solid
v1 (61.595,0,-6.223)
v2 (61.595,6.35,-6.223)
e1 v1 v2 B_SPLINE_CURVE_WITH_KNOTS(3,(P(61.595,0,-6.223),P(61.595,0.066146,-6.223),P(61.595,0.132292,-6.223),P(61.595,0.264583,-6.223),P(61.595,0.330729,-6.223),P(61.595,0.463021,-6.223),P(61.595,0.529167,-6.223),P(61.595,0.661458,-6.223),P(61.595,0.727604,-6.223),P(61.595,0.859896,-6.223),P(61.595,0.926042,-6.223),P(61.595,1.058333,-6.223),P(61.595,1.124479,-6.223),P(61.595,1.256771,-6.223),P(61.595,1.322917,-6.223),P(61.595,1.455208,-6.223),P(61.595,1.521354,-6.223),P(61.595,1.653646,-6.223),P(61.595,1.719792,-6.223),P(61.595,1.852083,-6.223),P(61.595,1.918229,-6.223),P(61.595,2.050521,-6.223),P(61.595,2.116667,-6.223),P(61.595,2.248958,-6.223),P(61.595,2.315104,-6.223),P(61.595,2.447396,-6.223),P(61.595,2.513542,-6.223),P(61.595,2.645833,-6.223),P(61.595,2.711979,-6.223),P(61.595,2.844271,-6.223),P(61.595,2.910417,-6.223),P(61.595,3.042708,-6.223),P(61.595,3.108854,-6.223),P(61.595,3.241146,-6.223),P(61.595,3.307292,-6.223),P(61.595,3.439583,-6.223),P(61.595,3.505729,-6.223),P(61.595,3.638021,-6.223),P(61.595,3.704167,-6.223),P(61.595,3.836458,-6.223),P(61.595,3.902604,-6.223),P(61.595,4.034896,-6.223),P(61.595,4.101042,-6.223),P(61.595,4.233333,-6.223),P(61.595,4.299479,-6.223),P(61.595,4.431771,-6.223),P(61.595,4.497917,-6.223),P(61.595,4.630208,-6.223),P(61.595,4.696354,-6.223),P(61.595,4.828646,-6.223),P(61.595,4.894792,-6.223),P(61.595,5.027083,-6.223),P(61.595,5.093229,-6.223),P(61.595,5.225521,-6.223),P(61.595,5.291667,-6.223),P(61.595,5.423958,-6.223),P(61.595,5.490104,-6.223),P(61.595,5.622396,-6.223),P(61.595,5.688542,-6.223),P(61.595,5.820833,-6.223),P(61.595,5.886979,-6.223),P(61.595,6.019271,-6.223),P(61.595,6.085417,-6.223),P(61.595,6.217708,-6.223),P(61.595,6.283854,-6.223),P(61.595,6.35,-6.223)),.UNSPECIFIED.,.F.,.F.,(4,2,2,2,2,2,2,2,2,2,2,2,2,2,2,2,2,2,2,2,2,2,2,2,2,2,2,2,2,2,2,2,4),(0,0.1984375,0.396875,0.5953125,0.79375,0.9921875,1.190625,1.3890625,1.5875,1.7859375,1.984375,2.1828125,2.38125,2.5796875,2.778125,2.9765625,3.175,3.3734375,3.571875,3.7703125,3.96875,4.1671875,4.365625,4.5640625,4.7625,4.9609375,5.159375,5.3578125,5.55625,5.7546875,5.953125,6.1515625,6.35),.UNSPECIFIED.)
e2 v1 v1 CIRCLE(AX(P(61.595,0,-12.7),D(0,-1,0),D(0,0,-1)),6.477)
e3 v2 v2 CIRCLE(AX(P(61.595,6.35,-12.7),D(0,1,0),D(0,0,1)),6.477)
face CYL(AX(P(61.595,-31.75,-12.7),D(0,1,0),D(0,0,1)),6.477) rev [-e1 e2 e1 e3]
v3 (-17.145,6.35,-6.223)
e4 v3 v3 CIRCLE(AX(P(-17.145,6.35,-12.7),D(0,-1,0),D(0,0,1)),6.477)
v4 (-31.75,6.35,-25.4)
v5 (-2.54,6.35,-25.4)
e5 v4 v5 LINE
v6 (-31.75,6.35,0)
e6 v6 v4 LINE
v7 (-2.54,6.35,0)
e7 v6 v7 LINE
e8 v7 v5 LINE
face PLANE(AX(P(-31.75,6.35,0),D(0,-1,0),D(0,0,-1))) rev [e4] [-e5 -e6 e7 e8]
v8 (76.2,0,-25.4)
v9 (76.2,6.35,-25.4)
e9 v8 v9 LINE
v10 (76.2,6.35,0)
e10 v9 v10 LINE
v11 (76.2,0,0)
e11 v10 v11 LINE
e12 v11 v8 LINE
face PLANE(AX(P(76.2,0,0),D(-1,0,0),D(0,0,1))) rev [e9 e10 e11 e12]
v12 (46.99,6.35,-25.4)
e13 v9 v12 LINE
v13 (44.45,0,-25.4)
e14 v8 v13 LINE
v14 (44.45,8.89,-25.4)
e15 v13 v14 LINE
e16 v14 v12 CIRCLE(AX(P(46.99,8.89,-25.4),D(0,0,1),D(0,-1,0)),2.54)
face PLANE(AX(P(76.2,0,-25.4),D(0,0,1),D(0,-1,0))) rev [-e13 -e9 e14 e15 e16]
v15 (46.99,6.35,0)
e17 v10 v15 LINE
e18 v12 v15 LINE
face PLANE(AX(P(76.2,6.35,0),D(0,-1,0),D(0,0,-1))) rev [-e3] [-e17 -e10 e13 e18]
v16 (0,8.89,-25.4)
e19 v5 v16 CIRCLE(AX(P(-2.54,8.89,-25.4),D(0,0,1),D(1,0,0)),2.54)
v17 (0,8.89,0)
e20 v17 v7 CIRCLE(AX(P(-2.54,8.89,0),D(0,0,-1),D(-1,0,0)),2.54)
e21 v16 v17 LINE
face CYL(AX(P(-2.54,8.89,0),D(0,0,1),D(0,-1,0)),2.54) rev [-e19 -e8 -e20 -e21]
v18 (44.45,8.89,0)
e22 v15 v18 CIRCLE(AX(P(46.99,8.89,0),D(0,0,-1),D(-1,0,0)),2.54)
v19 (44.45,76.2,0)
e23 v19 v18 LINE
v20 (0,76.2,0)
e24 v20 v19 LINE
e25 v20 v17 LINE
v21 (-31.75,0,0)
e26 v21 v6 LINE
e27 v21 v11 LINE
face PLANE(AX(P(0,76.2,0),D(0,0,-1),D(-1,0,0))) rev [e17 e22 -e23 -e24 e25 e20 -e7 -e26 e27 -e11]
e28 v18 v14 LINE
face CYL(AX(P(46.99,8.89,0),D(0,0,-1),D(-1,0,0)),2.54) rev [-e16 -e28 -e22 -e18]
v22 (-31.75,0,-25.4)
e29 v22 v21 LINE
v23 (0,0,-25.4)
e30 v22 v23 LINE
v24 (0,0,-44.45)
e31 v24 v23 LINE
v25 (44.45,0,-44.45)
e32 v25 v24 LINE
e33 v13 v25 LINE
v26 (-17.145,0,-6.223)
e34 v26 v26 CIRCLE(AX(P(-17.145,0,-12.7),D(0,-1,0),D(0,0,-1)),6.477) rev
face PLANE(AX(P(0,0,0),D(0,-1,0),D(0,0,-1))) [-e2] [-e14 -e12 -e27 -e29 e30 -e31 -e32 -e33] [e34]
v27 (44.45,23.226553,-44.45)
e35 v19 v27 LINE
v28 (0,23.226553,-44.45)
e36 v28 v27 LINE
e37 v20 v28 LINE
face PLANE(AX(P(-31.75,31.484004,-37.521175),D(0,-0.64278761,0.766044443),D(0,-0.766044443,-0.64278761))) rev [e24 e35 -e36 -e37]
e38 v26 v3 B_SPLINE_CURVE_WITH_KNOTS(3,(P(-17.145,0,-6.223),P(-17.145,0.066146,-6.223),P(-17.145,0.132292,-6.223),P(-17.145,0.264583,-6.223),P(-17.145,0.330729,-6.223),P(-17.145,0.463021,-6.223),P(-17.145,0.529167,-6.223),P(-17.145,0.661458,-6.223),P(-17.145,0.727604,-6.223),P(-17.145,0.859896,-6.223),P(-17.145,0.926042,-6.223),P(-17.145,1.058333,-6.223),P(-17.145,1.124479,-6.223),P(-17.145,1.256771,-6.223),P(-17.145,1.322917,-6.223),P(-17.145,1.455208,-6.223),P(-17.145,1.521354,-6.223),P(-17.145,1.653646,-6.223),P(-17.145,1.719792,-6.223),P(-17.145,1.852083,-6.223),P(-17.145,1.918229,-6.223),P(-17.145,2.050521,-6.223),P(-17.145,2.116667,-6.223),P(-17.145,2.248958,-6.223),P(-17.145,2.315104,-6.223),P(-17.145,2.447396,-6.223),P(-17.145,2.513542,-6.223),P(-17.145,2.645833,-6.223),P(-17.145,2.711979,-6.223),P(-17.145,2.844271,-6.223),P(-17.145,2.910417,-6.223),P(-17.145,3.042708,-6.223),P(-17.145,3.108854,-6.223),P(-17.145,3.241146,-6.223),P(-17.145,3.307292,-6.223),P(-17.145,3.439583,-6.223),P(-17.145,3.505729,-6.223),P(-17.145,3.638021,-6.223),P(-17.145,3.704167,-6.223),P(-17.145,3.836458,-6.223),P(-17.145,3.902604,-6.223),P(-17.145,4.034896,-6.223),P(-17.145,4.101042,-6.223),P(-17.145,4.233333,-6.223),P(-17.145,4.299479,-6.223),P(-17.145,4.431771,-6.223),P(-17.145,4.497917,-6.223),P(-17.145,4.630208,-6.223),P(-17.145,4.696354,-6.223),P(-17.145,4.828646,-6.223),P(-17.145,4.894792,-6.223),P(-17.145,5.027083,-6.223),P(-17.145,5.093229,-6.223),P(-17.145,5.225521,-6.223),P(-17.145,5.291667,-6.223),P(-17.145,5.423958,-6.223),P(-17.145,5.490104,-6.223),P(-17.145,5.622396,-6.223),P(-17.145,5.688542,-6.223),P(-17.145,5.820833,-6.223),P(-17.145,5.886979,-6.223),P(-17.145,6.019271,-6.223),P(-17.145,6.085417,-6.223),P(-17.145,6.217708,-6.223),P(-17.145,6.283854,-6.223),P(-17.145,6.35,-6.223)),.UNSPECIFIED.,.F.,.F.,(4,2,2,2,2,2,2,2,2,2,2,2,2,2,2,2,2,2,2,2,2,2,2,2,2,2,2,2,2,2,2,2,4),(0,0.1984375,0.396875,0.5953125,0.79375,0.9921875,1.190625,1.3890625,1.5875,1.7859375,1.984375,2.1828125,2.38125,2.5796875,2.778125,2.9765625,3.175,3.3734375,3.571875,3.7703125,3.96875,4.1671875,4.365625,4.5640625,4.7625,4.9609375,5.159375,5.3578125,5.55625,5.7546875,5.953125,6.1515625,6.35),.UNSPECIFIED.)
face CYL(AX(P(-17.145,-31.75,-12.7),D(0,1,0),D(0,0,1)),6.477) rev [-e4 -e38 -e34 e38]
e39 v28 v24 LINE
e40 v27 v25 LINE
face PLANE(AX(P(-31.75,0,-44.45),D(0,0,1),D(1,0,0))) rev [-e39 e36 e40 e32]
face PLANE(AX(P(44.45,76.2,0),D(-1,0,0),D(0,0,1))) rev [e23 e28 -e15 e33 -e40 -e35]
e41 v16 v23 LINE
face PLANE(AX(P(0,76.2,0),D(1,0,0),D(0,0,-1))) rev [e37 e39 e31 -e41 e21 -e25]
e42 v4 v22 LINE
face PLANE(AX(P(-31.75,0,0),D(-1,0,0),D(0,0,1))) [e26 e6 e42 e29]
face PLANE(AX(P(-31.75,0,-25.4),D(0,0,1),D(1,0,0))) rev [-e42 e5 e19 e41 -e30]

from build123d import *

# Parameters (mm, degrees)
SKETCH1_W           = 44.45
SKETCH1_H           = 88.9
BOSS_EXTRUDE1_DEPTH = 76.2
CUT_EXTRUDE1_DEPTH  = 76.2
SKETCH3_W           = 25.4
SKETCH3_H           = 6.35
BOSS_EXTRUDE2_DEPTH = 31.75
FILLET1_R           = 2.54
SKETCH4_R           = 6.477
CUT_EXTRUDE2_DEPTH  = 38.1
SKETCH5_W           = 25.4
SKETCH5_H           = 6.35
BOSS_EXTRUDE3_DEPTH = 31.75
FILLET2_R           = 2.54


with BuildPart() as part:
    # Sketch1 → Boss-Extrude1 (new body)
    with BuildSketch(Plane(origin=(0, 0, 0), x_dir=(1, 0, 0), z_dir=(0, 1, 0))):
        with Locations((22.225, 44.45)):
            Rectangle(SKETCH1_W, SKETCH1_H)
    extrude(amount=BOSS_EXTRUDE1_DEPTH)

    # Sketch2 → Cut-Extrude1 (cut)
    with BuildSketch(Plane(origin=(44.45, 0, 0), x_dir=(0, 0, -1), z_dir=(1, 0, 0))):
        Polygon((44.45, 23.226552809), (44.45, 0), (88.9, 0), (88.9, 76.2), (0, 76.2), align=None)
    extrude(amount=-CUT_EXTRUDE1_DEPTH, mode=Mode.SUBTRACT)

    # Sketch3 → Boss-Extrude2 (add)
    with BuildSketch(Plane(origin=(44.45, 0, 0), x_dir=(0, 0, -1), z_dir=(1, 0, 0))):
        with Locations((12.7, 3.175)):
            Rectangle(SKETCH3_W, SKETCH3_H)
    extrude(amount=BOSS_EXTRUDE2_DEPTH)

    # Fillet1
    fillet1_edges = [part.edges().sort_by_distance(p)[0] for p in [
        (44.45, 6.35, -12.7),
    ]]
    fillet(fillet1_edges, radius=FILLET1_R)

    # Sketch4 → Cut-Extrude2 (cut)
    with BuildSketch(Plane(origin=(0, 6.35, 0), x_dir=(1, 0, 0), z_dir=(0, 1, 0))):
        with Locations(Location((61.595, 12.7, 0), (0, 0, 270))):
            Circle(SKETCH4_R)
    cut_extrude2 = extrude(amount=-CUT_EXTRUDE2_DEPTH, mode=Mode.SUBTRACT)

    # Sketch5 → Boss-Extrude3 (add)
    with BuildSketch(Plane.ZY):
        with Locations((-12.7, 3.175)):
            Rectangle(SKETCH5_W, SKETCH5_H)
    extrude(amount=BOSS_EXTRUDE3_DEPTH)

    # Mirror4: Cut-Extrude2 across plane
    add(cut_extrude2.mirror(Plane(origin=(22.225, 0, 0), x_dir=(0, 0, 1), z_dir=(1, 0, 0))), mode=Mode.SUBTRACT)

    # Fillet2
    fillet2_edges = [part.edges().sort_by_distance(p)[0] for p in [
        (0, 6.35, -12.7),
    ]]
    fillet(fillet2_edges, radius=FILLET2_R)


solid = part.part
